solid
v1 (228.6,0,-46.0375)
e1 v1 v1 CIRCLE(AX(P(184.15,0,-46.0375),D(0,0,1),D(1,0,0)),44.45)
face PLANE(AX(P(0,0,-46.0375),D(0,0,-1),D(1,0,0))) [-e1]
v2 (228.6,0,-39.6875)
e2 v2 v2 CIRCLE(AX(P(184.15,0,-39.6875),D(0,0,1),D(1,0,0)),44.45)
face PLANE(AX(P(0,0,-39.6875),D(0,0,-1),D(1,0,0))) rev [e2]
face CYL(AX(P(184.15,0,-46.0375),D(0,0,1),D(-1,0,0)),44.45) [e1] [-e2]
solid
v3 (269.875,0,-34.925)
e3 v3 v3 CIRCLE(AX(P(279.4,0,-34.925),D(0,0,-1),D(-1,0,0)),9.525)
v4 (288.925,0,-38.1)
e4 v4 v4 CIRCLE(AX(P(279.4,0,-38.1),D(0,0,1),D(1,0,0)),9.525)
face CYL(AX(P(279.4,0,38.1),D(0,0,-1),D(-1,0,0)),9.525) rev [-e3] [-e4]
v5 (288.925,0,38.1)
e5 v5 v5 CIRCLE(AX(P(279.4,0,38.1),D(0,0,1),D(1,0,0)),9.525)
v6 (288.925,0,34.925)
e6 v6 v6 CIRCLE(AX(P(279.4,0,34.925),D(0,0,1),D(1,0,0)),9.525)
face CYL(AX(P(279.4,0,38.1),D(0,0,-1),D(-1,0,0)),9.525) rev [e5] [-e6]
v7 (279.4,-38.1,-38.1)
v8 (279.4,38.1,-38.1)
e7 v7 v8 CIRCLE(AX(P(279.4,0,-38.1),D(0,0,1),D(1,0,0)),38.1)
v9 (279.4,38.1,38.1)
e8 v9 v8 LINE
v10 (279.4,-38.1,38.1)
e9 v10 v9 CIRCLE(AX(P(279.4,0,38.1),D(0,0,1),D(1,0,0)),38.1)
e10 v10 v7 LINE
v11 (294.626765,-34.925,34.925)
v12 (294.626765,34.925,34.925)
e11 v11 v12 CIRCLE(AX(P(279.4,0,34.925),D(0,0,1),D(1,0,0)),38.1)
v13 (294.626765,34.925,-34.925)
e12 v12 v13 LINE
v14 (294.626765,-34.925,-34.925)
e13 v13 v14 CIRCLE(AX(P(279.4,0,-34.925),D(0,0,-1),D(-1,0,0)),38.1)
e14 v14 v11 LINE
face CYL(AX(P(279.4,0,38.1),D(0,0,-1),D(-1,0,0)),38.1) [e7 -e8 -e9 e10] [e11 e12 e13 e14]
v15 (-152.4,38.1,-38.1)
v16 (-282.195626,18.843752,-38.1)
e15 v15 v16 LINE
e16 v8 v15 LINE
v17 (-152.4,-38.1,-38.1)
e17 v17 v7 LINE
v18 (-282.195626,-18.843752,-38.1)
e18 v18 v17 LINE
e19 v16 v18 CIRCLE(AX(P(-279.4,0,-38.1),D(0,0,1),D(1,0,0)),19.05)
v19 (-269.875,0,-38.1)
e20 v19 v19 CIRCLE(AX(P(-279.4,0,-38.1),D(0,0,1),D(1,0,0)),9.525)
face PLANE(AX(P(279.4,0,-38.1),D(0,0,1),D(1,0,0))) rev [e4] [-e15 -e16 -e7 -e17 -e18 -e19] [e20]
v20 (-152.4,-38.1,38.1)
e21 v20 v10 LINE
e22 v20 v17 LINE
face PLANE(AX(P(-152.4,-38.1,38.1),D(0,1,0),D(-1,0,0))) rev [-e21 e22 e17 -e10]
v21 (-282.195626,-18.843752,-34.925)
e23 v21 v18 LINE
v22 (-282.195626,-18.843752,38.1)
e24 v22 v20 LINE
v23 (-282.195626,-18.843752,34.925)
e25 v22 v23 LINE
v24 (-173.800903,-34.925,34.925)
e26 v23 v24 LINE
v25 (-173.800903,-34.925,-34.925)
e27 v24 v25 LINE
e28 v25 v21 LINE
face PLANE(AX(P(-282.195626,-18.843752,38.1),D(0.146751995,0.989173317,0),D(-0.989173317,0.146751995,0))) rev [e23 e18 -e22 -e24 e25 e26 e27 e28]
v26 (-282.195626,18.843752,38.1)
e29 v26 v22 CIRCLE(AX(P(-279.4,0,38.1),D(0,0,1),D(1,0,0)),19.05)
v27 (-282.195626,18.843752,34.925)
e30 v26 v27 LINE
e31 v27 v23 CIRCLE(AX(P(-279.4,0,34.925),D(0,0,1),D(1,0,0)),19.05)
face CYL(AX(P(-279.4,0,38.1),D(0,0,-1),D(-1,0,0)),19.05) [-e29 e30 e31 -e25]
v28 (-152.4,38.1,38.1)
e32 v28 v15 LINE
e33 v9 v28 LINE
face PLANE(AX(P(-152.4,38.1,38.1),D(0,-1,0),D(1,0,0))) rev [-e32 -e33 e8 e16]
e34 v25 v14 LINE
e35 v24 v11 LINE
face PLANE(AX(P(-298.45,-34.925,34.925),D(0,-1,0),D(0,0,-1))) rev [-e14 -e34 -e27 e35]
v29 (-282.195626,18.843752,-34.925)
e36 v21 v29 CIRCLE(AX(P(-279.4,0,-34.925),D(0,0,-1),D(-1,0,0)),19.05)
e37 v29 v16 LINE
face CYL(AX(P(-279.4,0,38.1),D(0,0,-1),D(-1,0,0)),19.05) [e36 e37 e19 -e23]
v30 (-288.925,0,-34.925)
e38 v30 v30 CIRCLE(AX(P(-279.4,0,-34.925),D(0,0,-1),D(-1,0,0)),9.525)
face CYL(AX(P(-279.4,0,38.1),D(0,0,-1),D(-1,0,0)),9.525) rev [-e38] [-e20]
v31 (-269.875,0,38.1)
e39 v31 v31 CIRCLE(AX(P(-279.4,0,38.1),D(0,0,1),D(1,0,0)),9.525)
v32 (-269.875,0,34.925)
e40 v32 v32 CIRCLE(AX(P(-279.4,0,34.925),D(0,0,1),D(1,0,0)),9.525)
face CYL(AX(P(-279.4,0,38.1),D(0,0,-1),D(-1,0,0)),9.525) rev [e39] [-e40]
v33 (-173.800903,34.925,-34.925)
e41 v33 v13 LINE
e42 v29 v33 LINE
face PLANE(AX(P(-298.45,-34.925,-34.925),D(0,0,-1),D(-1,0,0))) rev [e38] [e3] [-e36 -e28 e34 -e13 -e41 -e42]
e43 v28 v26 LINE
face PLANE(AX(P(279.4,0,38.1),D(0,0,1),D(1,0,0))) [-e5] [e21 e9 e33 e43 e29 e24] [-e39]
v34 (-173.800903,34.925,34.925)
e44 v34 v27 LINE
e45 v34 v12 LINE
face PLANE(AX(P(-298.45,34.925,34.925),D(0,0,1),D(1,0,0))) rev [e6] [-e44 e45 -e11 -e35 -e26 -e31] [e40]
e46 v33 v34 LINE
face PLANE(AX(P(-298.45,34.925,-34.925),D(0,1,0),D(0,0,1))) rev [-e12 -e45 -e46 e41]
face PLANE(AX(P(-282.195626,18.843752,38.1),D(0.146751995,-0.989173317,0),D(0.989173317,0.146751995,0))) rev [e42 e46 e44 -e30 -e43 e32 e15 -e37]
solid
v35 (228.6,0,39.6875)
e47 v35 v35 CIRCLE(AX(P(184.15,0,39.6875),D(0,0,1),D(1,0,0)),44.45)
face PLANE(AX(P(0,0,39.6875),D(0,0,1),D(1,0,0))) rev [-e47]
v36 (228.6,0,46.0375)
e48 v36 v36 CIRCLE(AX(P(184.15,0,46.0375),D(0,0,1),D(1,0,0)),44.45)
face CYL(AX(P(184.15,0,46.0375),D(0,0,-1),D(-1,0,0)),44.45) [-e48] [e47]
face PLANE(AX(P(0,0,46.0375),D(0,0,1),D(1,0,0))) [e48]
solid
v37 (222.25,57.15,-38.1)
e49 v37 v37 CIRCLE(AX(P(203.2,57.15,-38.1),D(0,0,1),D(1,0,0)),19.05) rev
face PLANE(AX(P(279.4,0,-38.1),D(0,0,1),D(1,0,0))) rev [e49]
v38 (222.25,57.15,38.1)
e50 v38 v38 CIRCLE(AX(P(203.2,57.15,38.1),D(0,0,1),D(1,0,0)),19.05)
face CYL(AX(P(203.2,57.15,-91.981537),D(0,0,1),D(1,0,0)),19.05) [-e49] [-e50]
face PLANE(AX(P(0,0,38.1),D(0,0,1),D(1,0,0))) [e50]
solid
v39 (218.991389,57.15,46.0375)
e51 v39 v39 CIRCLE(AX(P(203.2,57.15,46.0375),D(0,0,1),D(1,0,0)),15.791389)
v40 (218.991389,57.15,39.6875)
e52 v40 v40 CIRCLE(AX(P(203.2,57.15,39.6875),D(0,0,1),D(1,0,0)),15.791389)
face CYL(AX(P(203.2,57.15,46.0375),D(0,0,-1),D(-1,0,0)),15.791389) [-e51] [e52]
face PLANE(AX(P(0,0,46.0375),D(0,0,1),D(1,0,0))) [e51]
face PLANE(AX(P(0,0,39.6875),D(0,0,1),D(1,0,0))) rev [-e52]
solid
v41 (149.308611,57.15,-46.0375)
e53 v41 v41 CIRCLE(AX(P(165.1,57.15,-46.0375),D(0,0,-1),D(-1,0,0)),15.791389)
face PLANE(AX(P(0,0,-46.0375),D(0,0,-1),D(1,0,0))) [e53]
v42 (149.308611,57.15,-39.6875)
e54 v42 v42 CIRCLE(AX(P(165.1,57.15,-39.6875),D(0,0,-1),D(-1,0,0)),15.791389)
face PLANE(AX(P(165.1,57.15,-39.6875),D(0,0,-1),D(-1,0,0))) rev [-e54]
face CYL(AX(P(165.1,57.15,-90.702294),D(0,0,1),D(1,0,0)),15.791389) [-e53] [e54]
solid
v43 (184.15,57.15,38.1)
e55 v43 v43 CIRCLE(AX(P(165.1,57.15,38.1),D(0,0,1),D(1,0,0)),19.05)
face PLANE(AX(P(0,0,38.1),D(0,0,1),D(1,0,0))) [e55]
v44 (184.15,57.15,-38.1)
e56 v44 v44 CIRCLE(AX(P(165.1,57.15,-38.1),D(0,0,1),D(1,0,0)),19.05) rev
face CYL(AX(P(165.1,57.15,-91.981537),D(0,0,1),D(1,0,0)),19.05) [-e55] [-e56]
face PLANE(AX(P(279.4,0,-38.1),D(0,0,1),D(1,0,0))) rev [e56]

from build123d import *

# Parameters (mm, degrees)
SKETCH1_R               = 9.525
BOSS_EXTRUDE1_DEPTH     = 38.1
SKETCH2_W               = 69.85
SKETCH2_H               = 69.85
CUT_EXTRUDE1_DEPTH      = 318.5
CUT_EXTRUDE1_DEPTH_BACK = 299.45
SKETCH3_R               = 19.05
BOSS_EXTRUDE2_DEPTH     = 76.2
BOSS_EXTRUDE2_2_DEPTH   = 76.2
BOSS_EXTRUDE3_START     = 1.5875
SKETCH4_R               = 44.45
BOSS_EXTRUDE3_DEPTH     = 6.35
SKETCH4_R_2             = 15.791389426
BOSS_EXTRUDE3_2_DEPTH   = 6.35
BOSS_EXTRUDE4_START     = 1.5875
SKETCH5_R               = 15.791389426
BOSS_EXTRUDE4_DEPTH     = 6.35


with BuildPart() as part:
    # Sketch1 → Boss-Extrude1 (new body, symmetric)
    with BuildSketch(Plane.XY):
        with BuildLine():
            Line((-282.195625509, 18.843751697), (-152.4, 38.1))
            Line((-152.4, 38.1), (279.4, 38.1))
            ThreePointArc((279.4, 38.1), (317.5, 0), (279.4, -38.1))
            Line((279.4, -38.1), (-152.4, -38.1))
            Line((-152.4, -38.1), (-282.195625509, -18.843751697))
            ThreePointArc((-282.195625509, -18.843751697), (-298.45, 0), (-282.195625509, 18.843751697))
        make_face()
        with Locations((279.4, 0)):
            Circle(SKETCH1_R, mode=Mode.SUBTRACT)
        with Locations((-279.4, 0)):
            Circle(SKETCH1_R, mode=Mode.SUBTRACT)
    extrude(amount=BOSS_EXTRUDE1_DEPTH, both=True)

    # Sketch2 → Cut-Extrude1 (cut, two sides)
    with BuildSketch(Plane(origin=(0, 0, 0), x_dir=(0, 0, -1), z_dir=(1, 0, 0))) as cut_extrude1_sk:
        Rectangle(SKETCH2_W, SKETCH2_H)
    extrude(amount=CUT_EXTRUDE1_DEPTH, mode=Mode.SUBTRACT)
    extrude(cut_extrude1_sk.sketch, amount=-CUT_EXTRUDE1_DEPTH_BACK, mode=Mode.SUBTRACT)


with BuildPart() as body_2:
    # Sketch3 → Boss-Extrude2 (new body)
    with BuildSketch(Plane.XY.offset(38.1)):
        with Locations((165.1, 57.15)):
            Circle(SKETCH3_R)
    extrude(amount=-BOSS_EXTRUDE2_DEPTH)


with BuildPart() as body_3:
    # Sketch3 → Boss-Extrude2 2 (new body)
    with BuildSketch(Plane.XY.offset(38.1)):
        with Locations((203.2, 57.15)):
            Circle(SKETCH3_R)
    extrude(amount=-BOSS_EXTRUDE2_2_DEPTH)


with BuildPart() as body_4:
    # Sketch4 → Boss-Extrude3 (new body)
    with BuildSketch(Plane.XY.offset(38.1).offset(BOSS_EXTRUDE3_START)):
        with Locations((184.15, 0)):
            Circle(SKETCH4_R)
    extrude(amount=BOSS_EXTRUDE3_DEPTH)


with BuildPart() as body_5:
    # Sketch4 → Boss-Extrude3 2 (new body)
    with BuildSketch(Plane.XY.offset(38.1).offset(BOSS_EXTRUDE3_START)):
        with Locations((203.2, 57.15)):
            Circle(SKETCH4_R_2)
    extrude(amount=BOSS_EXTRUDE3_2_DEPTH)


with BuildPart() as body_6:
    # Mirror1: mirrored copy
    add(body_4.part.mirror(Plane.XY))


with BuildPart() as body_7:
    # Sketch5 → Boss-Extrude4 (new body)
    with BuildSketch(Plane(origin=(0, 0, -38.1), x_dir=(-1, 0, 0), z_dir=(0, 0, -1)).offset(BOSS_EXTRUDE4_START)):
        with Locations((-165.1, 57.15)):
            Circle(SKETCH5_R)
    extrude(amount=BOSS_EXTRUDE4_DEPTH)


solid = Compound([part.part, body_2.part, body_3.part, body_4.part, body_5.part, body_6.part, body_7.part])
